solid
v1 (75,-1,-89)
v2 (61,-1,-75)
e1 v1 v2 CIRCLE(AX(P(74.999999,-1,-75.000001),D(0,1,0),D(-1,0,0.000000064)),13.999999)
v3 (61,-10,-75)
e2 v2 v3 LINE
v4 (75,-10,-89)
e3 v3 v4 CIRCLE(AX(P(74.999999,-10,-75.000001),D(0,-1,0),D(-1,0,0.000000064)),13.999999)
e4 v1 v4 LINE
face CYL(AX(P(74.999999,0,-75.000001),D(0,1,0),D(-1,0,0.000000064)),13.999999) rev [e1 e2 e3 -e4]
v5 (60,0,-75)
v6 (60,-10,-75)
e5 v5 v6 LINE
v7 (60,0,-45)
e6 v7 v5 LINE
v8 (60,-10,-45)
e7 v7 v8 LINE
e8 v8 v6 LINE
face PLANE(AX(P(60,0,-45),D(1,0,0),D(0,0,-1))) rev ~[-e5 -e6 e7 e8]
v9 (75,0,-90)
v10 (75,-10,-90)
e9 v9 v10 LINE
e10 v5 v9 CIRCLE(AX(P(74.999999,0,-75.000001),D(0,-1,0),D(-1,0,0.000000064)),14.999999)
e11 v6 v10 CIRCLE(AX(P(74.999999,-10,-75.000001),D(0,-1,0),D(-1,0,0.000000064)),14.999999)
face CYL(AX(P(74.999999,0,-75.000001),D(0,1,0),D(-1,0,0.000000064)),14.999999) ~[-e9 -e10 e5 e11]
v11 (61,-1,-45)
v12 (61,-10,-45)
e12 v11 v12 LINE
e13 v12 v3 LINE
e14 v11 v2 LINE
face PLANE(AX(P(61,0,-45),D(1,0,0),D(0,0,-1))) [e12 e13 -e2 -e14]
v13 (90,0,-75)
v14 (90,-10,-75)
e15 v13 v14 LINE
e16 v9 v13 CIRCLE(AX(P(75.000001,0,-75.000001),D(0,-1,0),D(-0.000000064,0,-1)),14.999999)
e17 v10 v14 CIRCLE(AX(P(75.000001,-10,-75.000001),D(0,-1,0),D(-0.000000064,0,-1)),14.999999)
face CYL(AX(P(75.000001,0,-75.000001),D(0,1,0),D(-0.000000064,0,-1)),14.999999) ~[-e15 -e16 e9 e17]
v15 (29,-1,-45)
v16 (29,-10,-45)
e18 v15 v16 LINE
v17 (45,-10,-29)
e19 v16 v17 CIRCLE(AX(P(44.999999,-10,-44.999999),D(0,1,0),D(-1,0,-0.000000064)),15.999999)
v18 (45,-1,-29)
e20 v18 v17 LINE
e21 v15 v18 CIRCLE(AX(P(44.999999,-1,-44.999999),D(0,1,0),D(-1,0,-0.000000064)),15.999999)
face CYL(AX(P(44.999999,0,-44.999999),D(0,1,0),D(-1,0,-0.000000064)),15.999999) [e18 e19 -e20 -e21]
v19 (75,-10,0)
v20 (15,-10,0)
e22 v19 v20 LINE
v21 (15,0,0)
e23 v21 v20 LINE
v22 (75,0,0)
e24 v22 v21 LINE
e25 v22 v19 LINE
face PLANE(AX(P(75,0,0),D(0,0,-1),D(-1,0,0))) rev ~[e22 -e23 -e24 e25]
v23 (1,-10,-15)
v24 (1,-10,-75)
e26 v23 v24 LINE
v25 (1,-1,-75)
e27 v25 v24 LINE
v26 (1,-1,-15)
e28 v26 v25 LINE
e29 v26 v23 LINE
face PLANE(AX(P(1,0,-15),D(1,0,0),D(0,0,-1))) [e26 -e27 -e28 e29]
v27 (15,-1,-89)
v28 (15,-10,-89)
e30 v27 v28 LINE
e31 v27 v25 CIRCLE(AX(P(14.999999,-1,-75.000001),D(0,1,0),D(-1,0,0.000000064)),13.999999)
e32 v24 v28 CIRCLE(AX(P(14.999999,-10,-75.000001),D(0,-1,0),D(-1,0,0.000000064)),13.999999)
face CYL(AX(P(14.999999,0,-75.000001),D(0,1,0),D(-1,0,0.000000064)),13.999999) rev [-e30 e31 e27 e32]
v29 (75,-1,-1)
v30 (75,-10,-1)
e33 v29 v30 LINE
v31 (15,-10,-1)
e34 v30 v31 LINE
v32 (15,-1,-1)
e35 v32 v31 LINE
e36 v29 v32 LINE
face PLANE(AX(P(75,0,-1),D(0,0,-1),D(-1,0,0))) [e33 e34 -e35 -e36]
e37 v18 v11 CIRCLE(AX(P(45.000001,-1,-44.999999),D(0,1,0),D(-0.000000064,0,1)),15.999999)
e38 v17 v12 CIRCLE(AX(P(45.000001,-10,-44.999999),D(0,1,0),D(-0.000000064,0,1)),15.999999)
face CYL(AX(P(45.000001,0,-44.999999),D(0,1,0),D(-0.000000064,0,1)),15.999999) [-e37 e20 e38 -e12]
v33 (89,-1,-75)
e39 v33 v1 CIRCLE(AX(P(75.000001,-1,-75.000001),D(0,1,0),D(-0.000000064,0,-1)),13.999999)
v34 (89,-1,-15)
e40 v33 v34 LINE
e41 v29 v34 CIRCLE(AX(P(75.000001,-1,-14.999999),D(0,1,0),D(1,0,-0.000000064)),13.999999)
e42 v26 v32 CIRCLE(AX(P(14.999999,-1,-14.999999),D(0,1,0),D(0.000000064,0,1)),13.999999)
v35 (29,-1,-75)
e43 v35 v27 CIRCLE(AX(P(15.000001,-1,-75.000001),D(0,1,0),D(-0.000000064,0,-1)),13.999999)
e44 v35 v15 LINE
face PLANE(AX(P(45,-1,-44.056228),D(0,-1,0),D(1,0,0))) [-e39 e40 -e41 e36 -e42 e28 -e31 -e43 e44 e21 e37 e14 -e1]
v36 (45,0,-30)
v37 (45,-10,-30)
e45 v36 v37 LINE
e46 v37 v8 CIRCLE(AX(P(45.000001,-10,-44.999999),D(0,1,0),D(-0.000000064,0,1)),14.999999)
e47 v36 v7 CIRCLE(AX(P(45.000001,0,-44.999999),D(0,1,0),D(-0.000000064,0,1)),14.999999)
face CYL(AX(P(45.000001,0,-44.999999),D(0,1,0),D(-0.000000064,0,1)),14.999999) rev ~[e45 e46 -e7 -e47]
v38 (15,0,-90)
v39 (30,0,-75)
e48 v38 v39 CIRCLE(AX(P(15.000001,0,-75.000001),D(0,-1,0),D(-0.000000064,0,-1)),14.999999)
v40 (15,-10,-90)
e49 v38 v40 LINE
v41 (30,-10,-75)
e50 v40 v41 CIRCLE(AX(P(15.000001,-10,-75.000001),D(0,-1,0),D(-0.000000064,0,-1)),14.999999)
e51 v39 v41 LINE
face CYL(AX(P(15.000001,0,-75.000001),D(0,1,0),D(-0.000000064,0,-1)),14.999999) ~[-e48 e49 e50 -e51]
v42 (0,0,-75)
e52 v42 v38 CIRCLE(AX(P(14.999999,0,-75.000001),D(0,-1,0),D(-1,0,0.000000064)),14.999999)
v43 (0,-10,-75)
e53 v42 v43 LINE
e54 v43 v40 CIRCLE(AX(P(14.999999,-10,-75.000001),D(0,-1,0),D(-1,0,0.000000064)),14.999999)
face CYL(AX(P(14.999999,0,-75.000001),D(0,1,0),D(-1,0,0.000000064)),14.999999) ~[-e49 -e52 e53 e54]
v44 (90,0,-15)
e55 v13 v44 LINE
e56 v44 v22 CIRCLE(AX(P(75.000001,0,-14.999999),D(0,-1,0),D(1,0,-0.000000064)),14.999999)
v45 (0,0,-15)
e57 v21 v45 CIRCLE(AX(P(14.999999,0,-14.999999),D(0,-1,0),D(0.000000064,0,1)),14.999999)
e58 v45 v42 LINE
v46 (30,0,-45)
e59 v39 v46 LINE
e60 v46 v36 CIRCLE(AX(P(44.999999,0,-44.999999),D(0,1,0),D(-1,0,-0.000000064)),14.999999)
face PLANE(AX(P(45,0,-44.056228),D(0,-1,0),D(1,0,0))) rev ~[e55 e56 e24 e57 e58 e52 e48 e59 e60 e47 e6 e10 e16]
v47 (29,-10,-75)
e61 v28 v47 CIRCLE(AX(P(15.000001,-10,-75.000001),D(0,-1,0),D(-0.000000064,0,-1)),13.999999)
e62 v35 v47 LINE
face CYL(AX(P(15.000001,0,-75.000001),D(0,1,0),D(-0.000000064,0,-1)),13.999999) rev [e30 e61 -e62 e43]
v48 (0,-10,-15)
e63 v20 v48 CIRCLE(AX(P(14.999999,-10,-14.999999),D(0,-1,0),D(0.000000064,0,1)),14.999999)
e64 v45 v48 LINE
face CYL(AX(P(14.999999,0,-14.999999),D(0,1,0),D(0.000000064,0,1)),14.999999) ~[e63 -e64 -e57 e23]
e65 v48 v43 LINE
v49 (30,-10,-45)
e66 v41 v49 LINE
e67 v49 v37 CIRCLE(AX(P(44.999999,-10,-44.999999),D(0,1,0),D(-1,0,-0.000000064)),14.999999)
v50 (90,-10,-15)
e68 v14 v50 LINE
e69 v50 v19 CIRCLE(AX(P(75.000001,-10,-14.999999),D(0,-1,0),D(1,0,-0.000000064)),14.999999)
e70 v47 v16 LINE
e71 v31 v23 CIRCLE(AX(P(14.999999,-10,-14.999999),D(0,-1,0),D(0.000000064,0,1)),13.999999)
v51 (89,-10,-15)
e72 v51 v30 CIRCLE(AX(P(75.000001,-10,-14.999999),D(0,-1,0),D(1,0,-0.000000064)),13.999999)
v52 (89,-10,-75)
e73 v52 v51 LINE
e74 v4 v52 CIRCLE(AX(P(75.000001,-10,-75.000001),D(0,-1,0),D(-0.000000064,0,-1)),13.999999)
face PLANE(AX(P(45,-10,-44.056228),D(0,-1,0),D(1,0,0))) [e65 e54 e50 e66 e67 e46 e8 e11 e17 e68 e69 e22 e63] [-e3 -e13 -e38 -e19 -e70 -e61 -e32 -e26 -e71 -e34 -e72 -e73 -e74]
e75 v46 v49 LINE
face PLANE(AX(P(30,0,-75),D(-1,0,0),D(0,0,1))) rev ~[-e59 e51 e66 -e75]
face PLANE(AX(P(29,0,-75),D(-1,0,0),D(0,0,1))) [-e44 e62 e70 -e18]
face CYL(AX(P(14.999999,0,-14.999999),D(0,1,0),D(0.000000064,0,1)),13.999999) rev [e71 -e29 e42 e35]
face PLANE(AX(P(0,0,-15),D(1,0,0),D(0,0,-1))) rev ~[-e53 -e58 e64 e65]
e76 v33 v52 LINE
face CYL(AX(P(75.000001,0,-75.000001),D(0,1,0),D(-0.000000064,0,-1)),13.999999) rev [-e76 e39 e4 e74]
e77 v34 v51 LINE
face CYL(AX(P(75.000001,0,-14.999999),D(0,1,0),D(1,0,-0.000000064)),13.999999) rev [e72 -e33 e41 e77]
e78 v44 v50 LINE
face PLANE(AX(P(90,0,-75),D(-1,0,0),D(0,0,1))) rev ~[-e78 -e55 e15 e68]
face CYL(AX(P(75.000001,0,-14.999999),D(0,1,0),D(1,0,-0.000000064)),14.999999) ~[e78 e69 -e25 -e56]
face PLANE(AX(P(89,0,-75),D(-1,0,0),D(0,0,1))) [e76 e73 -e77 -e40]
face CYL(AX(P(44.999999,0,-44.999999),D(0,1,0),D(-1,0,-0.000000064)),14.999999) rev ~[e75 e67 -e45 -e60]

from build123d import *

# Parameters (mm, degrees)
F1_DEPTH = 10
F2_T     = -1


with BuildPart() as f1:
    # F0 (on Front) → F1 (new body)
    with BuildSketch(Plane.XZ):
        with BuildLine():
            Line((75, 0), (15, 0))
            ThreePointArc((15, 0), (4.393398, -4.393398), (0, -15))
            Line((0, -15), (0, -75))
            ThreePointArc((0, -75), (4.393398, -85.606602), (15, -90))
            ThreePointArc((15, -90), (25.606602, -85.606602), (30, -75))
            Line((30, -75), (30, -45))
            ThreePointArc((30, -45), (34.393398, -34.393398), (45, -30))
            ThreePointArc((45, -30), (55.606602, -34.393398), (60, -45))
            Line((60, -45), (60, -75))
            ThreePointArc((60, -75), (64.393398, -85.606602), (75, -90))
            ThreePointArc((75, -90), (85.606602, -85.606602), (90, -75))
            Line((90, -75), (90, -15))
            ThreePointArc((90, -15), (85.606602, -4.393398), (75, 0))
        make_face()
    extrude(amount=F1_DEPTH)

    # F2
    f2_openings = [f1.faces().sort_by_distance(p)[0] for p in [
        (45, -10, -1.272792),
    ]]
    offset(amount=F2_T, openings=f2_openings)


solid = f1.part
